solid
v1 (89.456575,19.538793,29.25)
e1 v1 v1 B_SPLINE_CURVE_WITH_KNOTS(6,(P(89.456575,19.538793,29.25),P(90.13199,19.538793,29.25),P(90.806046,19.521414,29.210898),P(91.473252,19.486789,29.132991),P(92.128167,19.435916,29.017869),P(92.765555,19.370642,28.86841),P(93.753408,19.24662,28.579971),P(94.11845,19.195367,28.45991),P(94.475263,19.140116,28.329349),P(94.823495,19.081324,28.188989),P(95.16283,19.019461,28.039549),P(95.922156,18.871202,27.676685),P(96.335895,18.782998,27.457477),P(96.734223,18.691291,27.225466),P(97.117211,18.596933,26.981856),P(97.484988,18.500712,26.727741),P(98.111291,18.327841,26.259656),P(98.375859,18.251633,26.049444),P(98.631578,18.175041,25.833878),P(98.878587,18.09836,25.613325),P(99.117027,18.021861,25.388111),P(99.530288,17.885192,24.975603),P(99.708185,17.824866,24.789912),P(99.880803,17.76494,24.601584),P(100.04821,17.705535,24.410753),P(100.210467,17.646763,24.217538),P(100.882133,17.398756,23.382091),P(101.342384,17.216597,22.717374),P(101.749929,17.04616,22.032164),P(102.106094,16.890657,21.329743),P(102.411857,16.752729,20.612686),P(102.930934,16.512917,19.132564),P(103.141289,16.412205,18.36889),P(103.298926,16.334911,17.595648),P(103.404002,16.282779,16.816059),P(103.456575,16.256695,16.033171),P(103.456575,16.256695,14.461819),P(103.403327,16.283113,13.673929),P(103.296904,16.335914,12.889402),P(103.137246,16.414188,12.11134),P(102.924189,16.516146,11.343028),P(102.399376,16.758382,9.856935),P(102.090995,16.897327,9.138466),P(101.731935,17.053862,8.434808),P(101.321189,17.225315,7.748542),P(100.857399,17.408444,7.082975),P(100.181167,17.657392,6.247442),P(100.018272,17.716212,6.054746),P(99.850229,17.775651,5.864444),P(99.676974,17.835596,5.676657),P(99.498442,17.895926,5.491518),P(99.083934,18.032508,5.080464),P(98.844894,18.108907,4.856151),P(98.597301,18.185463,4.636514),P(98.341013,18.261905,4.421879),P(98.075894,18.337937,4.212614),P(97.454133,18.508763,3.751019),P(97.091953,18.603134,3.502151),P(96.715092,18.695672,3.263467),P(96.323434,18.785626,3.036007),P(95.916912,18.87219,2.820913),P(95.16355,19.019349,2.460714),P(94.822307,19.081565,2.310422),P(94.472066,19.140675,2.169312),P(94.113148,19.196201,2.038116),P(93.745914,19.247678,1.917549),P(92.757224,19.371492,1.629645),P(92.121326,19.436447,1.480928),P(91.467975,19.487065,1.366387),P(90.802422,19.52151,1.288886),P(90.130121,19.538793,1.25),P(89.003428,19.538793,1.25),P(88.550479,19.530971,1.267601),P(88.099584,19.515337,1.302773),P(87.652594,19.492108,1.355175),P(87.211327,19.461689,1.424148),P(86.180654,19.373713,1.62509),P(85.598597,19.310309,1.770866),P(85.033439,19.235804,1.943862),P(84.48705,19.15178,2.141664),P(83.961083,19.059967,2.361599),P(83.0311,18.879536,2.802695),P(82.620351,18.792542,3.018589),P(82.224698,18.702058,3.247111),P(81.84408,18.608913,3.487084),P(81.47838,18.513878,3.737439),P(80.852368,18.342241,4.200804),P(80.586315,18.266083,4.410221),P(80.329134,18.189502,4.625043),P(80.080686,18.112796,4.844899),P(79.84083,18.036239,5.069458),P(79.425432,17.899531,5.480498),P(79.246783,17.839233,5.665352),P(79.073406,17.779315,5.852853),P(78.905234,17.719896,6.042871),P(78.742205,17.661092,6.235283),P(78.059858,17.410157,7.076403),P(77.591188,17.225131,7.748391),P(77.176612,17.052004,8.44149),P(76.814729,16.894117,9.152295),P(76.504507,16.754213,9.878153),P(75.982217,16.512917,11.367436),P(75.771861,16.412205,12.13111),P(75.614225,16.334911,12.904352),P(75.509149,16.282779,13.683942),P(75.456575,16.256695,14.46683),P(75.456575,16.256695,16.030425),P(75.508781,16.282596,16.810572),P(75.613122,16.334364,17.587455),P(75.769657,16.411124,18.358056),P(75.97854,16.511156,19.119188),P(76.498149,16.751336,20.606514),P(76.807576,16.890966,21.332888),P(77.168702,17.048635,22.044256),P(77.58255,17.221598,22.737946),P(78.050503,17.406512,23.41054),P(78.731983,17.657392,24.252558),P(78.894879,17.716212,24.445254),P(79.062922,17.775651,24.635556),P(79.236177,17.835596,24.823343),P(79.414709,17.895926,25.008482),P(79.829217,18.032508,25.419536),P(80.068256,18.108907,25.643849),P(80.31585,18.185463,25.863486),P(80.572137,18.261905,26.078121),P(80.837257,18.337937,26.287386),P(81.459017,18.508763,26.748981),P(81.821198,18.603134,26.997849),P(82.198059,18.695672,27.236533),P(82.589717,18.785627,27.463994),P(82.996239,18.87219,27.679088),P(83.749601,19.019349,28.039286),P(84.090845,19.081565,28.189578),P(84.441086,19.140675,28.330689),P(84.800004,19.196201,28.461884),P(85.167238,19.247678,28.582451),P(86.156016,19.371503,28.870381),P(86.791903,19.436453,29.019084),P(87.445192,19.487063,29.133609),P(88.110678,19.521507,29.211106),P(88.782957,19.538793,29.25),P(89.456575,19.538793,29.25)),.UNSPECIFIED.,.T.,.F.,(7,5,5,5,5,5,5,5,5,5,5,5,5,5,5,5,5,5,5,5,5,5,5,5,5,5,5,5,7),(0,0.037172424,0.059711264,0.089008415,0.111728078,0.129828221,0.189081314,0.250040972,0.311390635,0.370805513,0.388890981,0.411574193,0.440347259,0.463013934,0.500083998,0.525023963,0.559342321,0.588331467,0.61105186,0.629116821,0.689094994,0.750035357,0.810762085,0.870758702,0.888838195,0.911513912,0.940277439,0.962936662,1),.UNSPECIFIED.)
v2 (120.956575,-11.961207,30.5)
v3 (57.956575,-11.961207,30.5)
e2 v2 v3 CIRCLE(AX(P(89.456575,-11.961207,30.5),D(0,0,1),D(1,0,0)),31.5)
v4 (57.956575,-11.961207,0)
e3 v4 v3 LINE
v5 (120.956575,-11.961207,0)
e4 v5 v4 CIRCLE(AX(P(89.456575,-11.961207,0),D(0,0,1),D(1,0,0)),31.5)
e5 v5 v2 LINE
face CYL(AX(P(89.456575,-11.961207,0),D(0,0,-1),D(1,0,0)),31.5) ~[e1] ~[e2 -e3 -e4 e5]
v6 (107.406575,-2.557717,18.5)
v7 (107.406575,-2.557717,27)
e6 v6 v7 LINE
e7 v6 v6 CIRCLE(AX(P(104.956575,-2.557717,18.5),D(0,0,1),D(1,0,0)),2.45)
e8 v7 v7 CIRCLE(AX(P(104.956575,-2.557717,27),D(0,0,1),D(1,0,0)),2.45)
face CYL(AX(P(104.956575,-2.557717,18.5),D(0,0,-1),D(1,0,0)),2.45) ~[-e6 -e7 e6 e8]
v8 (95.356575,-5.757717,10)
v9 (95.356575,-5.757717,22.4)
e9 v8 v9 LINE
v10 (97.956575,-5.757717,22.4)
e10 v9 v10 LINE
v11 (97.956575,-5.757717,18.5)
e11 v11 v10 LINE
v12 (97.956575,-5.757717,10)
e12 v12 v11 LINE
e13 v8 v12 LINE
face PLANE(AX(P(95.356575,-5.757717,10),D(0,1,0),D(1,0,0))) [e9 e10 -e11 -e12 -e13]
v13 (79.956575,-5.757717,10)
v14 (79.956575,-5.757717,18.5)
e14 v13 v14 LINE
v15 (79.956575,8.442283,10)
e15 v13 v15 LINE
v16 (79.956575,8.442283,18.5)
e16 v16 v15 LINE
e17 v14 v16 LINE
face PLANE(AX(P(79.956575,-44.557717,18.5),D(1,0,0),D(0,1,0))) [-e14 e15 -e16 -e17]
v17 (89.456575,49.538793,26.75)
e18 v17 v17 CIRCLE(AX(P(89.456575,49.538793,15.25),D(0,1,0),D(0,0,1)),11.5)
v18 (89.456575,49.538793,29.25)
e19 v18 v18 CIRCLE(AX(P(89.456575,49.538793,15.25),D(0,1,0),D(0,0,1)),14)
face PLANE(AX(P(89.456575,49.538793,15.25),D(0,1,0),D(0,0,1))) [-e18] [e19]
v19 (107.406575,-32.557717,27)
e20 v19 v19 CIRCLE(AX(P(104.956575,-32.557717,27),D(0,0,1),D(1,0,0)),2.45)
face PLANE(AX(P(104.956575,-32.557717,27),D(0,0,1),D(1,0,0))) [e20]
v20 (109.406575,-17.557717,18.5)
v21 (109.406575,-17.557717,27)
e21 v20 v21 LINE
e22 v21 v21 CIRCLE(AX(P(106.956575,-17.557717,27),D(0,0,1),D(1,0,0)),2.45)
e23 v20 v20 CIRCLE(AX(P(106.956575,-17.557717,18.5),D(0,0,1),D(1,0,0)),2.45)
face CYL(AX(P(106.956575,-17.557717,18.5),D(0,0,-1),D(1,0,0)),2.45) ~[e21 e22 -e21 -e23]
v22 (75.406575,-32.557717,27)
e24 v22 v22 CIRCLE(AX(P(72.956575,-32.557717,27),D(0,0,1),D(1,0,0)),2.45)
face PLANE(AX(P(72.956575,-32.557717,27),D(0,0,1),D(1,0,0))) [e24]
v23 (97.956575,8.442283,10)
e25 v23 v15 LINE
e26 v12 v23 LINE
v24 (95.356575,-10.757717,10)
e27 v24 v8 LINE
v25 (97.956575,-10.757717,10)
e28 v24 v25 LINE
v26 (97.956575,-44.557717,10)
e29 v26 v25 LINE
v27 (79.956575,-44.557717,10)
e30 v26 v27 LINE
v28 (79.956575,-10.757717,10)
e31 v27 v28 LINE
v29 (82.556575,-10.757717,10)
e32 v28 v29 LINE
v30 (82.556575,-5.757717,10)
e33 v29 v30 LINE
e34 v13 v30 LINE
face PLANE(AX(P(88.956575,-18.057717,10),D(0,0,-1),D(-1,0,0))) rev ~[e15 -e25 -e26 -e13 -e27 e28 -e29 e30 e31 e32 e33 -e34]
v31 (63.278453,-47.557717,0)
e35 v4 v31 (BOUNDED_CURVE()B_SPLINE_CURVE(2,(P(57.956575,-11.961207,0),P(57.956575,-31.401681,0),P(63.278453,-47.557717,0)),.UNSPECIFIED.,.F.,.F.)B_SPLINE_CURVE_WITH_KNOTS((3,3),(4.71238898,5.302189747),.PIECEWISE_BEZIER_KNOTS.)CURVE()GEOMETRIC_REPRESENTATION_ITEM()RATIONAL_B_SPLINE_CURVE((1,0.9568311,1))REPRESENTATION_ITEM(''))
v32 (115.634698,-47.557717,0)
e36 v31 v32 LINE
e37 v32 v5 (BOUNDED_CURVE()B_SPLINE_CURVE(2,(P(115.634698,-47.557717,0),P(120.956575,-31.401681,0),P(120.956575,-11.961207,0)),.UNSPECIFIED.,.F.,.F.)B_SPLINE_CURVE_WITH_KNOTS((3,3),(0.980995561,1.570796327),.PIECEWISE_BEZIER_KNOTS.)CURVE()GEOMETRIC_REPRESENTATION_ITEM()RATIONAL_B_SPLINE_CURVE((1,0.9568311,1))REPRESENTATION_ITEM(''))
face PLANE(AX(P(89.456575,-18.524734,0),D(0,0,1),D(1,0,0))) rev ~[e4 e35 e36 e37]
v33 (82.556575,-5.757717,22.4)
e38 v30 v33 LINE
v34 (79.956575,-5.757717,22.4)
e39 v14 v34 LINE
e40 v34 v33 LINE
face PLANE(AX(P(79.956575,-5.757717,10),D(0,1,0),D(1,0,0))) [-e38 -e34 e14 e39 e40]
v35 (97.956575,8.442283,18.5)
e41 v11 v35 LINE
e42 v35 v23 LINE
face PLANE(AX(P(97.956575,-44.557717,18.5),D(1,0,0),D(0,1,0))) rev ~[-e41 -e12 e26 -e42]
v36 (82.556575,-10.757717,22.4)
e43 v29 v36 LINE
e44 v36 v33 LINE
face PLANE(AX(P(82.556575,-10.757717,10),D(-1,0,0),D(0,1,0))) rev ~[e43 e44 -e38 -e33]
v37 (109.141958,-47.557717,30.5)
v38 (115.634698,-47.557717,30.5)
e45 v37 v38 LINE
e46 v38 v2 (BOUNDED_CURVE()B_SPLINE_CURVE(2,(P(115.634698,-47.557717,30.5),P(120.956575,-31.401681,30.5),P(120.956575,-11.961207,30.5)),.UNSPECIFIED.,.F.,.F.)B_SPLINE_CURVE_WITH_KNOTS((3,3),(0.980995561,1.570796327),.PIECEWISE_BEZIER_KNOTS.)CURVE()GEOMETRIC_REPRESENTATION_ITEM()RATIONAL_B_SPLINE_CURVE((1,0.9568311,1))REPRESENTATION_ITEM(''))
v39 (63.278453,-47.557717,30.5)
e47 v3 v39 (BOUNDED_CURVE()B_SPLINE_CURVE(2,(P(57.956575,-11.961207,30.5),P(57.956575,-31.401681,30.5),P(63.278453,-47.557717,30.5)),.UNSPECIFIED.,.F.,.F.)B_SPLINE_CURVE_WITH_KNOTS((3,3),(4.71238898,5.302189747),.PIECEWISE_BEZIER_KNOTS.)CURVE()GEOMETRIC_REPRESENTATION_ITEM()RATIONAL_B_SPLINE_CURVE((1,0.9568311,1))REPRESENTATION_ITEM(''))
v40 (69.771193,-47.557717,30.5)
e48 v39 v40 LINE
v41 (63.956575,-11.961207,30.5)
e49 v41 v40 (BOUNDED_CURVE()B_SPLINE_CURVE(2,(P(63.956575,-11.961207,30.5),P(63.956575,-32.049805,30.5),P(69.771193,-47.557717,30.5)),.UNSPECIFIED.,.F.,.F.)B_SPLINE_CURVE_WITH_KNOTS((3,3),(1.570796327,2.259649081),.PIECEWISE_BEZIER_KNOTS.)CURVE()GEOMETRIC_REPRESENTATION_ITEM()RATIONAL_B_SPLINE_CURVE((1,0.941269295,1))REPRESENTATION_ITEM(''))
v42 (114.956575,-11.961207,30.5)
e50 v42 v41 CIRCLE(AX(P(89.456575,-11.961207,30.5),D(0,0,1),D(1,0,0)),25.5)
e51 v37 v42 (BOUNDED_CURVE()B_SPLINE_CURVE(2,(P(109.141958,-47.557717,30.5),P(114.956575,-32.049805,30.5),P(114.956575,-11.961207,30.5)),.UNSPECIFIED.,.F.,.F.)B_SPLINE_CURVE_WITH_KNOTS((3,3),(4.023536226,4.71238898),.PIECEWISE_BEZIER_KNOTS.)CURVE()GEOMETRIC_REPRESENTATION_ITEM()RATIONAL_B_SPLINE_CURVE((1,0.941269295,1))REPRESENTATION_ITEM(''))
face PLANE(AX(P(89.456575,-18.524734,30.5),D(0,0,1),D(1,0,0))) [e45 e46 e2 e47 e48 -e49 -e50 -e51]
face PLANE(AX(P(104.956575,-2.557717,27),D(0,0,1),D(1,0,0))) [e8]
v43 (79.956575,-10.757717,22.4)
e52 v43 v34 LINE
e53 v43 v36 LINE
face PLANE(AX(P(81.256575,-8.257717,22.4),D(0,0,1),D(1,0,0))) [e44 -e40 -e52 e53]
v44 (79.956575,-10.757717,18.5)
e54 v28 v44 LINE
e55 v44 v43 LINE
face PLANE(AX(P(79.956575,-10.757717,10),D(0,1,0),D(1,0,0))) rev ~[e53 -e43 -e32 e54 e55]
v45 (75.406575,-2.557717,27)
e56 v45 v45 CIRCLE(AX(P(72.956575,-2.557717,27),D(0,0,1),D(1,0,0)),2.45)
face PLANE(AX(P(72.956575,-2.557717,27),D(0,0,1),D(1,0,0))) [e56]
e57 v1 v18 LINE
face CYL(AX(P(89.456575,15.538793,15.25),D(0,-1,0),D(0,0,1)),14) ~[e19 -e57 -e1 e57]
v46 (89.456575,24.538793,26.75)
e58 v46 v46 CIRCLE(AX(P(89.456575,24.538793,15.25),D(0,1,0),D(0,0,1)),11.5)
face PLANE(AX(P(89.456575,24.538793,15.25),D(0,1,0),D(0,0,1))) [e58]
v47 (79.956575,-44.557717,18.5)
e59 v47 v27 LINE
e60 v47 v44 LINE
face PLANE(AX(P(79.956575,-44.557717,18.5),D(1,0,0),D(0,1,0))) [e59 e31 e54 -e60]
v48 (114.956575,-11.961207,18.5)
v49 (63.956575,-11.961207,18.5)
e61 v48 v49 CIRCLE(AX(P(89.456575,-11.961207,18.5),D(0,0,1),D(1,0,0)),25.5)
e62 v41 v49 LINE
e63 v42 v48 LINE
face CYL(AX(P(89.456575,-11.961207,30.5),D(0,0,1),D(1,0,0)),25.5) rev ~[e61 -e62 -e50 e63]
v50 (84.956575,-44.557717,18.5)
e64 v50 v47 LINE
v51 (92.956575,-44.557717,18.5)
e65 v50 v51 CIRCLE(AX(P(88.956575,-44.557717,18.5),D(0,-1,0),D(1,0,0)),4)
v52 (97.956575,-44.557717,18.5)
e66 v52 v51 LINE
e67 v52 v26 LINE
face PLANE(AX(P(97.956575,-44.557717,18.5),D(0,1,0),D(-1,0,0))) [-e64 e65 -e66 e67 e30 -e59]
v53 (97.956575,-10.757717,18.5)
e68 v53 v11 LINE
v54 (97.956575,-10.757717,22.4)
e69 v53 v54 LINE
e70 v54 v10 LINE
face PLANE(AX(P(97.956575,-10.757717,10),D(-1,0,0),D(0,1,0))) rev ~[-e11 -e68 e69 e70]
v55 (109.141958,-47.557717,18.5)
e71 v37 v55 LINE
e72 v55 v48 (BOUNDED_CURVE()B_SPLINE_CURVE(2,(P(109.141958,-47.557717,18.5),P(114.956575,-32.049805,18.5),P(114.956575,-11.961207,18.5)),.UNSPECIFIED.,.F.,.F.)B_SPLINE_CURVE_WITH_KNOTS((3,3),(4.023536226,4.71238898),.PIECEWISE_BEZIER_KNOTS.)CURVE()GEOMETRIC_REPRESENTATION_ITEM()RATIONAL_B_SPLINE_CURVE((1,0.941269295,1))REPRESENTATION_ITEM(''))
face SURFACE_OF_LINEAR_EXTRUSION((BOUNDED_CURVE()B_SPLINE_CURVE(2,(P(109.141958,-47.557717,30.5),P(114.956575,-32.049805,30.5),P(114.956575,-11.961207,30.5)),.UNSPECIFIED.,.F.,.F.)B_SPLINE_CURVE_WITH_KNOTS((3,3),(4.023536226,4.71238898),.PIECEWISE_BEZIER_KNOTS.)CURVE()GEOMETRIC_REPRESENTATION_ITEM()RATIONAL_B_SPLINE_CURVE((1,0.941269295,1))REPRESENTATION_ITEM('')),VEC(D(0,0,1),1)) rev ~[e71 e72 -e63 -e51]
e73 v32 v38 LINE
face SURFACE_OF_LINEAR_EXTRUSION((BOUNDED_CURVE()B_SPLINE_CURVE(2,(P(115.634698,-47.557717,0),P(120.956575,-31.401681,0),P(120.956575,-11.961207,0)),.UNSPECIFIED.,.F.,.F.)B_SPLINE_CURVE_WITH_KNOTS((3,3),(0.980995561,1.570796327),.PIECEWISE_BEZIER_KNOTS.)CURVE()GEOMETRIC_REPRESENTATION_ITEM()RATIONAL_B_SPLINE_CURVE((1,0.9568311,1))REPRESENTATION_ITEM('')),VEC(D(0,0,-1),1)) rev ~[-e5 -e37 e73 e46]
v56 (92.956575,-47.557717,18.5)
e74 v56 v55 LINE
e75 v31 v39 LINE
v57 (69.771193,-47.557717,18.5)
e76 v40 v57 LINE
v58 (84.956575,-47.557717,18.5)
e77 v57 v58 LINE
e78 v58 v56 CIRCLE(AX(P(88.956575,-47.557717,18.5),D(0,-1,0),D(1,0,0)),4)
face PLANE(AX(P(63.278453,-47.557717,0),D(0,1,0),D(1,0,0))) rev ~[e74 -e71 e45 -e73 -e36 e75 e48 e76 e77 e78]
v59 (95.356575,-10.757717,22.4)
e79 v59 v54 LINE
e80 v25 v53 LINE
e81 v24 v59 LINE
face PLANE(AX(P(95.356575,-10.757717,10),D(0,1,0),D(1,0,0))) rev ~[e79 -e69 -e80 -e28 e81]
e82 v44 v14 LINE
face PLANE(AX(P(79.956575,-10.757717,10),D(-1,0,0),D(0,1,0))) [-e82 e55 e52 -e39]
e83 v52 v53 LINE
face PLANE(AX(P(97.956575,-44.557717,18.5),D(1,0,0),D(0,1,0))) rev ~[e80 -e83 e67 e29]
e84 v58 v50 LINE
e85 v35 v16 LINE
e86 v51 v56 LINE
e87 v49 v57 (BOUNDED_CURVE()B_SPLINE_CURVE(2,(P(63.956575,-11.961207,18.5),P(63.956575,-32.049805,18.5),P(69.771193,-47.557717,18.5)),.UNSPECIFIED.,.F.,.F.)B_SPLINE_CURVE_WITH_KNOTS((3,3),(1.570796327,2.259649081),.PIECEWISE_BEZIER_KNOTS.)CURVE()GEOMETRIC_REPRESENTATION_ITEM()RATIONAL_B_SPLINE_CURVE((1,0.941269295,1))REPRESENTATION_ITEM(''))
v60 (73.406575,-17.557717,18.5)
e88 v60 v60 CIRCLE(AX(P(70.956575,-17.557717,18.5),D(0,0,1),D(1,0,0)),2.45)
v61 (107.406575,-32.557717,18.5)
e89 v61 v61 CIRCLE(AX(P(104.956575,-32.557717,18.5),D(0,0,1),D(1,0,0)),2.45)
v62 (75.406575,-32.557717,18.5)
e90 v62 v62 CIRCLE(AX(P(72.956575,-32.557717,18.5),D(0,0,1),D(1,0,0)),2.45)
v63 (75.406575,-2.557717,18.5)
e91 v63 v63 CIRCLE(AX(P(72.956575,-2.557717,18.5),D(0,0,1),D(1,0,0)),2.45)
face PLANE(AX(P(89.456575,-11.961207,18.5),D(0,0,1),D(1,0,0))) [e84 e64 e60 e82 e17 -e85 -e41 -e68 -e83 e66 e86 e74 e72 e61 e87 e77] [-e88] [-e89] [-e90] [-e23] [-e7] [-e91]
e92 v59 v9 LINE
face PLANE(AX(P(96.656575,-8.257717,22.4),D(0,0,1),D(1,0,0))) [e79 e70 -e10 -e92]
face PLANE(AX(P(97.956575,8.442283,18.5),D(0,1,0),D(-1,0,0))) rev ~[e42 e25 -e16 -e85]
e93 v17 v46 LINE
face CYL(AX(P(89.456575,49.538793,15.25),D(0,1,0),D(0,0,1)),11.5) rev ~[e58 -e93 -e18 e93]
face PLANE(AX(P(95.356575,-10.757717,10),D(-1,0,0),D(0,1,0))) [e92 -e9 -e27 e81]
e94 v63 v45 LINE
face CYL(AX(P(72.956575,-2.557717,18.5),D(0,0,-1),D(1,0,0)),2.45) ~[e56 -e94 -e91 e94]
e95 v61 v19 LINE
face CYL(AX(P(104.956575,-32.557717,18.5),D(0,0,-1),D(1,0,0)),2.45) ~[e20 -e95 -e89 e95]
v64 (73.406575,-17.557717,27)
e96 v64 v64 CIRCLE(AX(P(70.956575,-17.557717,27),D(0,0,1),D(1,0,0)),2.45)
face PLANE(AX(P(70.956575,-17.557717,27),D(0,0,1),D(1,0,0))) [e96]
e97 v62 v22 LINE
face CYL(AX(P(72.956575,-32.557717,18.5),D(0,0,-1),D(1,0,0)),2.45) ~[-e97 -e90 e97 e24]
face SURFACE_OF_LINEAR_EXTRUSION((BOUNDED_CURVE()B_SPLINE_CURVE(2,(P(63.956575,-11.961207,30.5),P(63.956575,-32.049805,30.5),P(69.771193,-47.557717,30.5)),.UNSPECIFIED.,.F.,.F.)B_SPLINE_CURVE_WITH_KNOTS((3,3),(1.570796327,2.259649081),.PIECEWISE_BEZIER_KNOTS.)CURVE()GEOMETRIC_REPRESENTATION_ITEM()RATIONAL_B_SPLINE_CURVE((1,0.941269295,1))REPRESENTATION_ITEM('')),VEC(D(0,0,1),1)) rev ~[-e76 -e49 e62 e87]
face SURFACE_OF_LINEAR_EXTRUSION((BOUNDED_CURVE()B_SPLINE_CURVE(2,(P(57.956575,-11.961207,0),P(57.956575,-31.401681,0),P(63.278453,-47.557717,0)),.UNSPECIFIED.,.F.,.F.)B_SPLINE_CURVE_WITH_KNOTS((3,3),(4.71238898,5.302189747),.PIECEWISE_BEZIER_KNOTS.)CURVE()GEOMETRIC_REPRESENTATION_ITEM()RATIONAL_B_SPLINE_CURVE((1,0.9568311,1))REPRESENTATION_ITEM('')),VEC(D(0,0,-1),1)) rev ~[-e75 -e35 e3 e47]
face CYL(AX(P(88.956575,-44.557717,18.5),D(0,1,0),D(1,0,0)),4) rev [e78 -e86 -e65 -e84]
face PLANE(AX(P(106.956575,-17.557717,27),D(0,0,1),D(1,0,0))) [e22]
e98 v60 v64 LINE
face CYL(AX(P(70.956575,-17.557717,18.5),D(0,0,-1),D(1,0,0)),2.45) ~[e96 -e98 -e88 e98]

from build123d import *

# Parameters (mm, degrees)
SALIENTE_EXTRUIR2_DEPTH      = 30.5
CROQUIS14_R                  = 25.5
CORTAR_EXTRUIR1_DEPTH        = 12
SALIENTE_EXTRUIR3_DEPTH      = 30
SALIENTE_EXTRUIR3_DEPTH_BACK = 4
CROQUIS15_R                  = 14
CROQUIS16_R                  = 11.5
CORTAR_EXTRUIR2_DEPTH        = 25
SKETCH1_W                    = 18
SKETCH1_H                    = 53
CUT_EXTRUDE1_DEPTH           = 8.5
SKETCH2_R                    = 4
CUT_EXTRUDE2_DEPTH           = 3
SKETCH3_R                    = 2.45
BOSS_EXTRUDE1_DEPTH          = 8.5
SKETCH4_W                    = 2.6
SKETCH4_H                    = 5
BOSS_EXTRUDE2_DEPTH          = 12.4


with BuildPart() as part:
    # Croquis13 → Saliente-Extruir2 (new body)
    with BuildSketch(Plane.XY):
        with BuildLine():
            Line((63.278452832, -47.557716663), (115.634697867, -47.557716663))
            add(Edge.make_bspline(
                [(115.634697867, -47.557716663), (120.956575349, -31.401681318), (120.956575349, -11.961207195)],
                knots=[0.980995561, 0.980995561, 0.980995561, 1.570796327, 1.570796327, 1.570796327], degree=2, weights=[1, 0.9568311, 1]))
            ThreePointArc((120.956575349, -11.961207195), (89.456575349, 19.538792805), (57.956575349, -11.961207195))
            add(Edge.make_bspline(
                [(57.956575349, -11.961207195), (57.956575349, -31.401681318), (63.278452832, -47.557716663)],
                knots=[4.71238898, 4.71238898, 4.71238898, 5.302189747, 5.302189747, 5.302189747], degree=2, weights=[1, 0.9568311, 1]))
        make_face()
    extrude(amount=SALIENTE_EXTRUIR2_DEPTH)

    # Croquis14 → Cortar-Extruir1 (cut)
    with BuildSketch(Plane.XY.offset(30.5)):
        with Locations((89.456575349, -11.961207195)):
            Circle(CROQUIS14_R)
        with BuildLine():
            add(Edge.make_bspline(
                [(109.141957532, -47.557716663), (114.956575349, -32.049805489), (114.956575349, -11.961207195)],
                knots=[4.023536226, 4.023536226, 4.023536226, 4.71238898, 4.71238898, 4.71238898], degree=2, weights=[1, 0.941269295, 1]))
            ThreePointArc((114.956575349, -11.961207195), (89.456575349, -37.461207195), (63.956575349, -11.961207195))
            add(Edge.make_bspline(
                [(63.956575349, -11.961207195), (63.956575349, -32.049805489), (69.771193166, -47.557716663)],
                knots=[1.570796327, 1.570796327, 1.570796327, 2.259649081, 2.259649081, 2.259649081], degree=2, weights=[1, 0.941269295, 1]))
            Line((69.771193166, -47.557716663), (109.141957532, -47.557716663))
        make_face()
    extrude(amount=-CORTAR_EXTRUIR1_DEPTH, mode=Mode.SUBTRACT)

    # Croquis15 → Saliente-Extruir3 (add, two sides: drawn at the far end of the back side and taken through both)
    with BuildSketch(Plane(origin=(89.456575349, 19.538792805, 30.5), x_dir=(1, 0, 0), z_dir=(0, 1, 0)).offset(-SALIENTE_EXTRUIR3_DEPTH_BACK)):
        with Locations(Location((0, 15.25, 0), (0, 0, 270))):
            Circle(CROQUIS15_R)
    extrude(amount=SALIENTE_EXTRUIR3_DEPTH + SALIENTE_EXTRUIR3_DEPTH_BACK)

    # Croquis16 → Cortar-Extruir2 (cut)
    with BuildSketch(Plane(origin=(0, 49.538792805, 0), x_dir=(1, 0, 0), z_dir=(0, 1, 0))):
        with Locations(Location((89.456575349, -15.25, 0), (0, 0, 270))):
            Circle(CROQUIS16_R)
    extrude(amount=-CORTAR_EXTRUIR2_DEPTH, mode=Mode.SUBTRACT)

    # Sketch1 → Cut-Extrude1 (cut)
    with BuildSketch(Plane(origin=(0, -29.057716663, 18.5), x_dir=(-1, 0, 0), z_dir=(0, 0, -1))):
        with Locations((-88.956575349, 11)):
            Rectangle(SKETCH1_W, SKETCH1_H)
    extrude(amount=CUT_EXTRUDE1_DEPTH, mode=Mode.SUBTRACT)

    # Sketch2 → Cut-Extrude2 (cut)
    with BuildSketch(Plane.XZ.offset(44.557716663)):
        with Locations((88.956575349, 18.5)):
            Circle(SKETCH2_R)
    extrude(amount=CUT_EXTRUDE2_DEPTH, mode=Mode.SUBTRACT)

    # Sketch3 → Boss-Extrude1 (add)
    with BuildSketch(Plane.XY.offset(18.5)):
        with Locations((104.956575349, -32.557716663)):
            Circle(SKETCH3_R)
        with Locations((104.956575349, -2.557716663)):
            Circle(SKETCH3_R)
        with Locations((70.956575349, -17.557716663)):
            Circle(SKETCH3_R)
        with Locations((106.956575349, -17.557716663)):
            Circle(SKETCH3_R)
        with Locations((72.956575349, -32.557716663)):
            Circle(SKETCH3_R)
        with Locations((72.956575349, -2.557716663)):
            Circle(SKETCH3_R)
    extrude(amount=BOSS_EXTRUDE1_DEPTH)

    # Sketch4 → Boss-Extrude2 (add)
    with BuildSketch(Plane.XY.offset(10)):
        with Locations((81.256575349, -8.257716663)):
            Rectangle(SKETCH4_W, SKETCH4_H)
        with Locations((96.656575349, -8.257716663)):
            Rectangle(SKETCH4_W, SKETCH4_H)
    extrude(amount=BOSS_EXTRUDE2_DEPTH)


solid = part.part
